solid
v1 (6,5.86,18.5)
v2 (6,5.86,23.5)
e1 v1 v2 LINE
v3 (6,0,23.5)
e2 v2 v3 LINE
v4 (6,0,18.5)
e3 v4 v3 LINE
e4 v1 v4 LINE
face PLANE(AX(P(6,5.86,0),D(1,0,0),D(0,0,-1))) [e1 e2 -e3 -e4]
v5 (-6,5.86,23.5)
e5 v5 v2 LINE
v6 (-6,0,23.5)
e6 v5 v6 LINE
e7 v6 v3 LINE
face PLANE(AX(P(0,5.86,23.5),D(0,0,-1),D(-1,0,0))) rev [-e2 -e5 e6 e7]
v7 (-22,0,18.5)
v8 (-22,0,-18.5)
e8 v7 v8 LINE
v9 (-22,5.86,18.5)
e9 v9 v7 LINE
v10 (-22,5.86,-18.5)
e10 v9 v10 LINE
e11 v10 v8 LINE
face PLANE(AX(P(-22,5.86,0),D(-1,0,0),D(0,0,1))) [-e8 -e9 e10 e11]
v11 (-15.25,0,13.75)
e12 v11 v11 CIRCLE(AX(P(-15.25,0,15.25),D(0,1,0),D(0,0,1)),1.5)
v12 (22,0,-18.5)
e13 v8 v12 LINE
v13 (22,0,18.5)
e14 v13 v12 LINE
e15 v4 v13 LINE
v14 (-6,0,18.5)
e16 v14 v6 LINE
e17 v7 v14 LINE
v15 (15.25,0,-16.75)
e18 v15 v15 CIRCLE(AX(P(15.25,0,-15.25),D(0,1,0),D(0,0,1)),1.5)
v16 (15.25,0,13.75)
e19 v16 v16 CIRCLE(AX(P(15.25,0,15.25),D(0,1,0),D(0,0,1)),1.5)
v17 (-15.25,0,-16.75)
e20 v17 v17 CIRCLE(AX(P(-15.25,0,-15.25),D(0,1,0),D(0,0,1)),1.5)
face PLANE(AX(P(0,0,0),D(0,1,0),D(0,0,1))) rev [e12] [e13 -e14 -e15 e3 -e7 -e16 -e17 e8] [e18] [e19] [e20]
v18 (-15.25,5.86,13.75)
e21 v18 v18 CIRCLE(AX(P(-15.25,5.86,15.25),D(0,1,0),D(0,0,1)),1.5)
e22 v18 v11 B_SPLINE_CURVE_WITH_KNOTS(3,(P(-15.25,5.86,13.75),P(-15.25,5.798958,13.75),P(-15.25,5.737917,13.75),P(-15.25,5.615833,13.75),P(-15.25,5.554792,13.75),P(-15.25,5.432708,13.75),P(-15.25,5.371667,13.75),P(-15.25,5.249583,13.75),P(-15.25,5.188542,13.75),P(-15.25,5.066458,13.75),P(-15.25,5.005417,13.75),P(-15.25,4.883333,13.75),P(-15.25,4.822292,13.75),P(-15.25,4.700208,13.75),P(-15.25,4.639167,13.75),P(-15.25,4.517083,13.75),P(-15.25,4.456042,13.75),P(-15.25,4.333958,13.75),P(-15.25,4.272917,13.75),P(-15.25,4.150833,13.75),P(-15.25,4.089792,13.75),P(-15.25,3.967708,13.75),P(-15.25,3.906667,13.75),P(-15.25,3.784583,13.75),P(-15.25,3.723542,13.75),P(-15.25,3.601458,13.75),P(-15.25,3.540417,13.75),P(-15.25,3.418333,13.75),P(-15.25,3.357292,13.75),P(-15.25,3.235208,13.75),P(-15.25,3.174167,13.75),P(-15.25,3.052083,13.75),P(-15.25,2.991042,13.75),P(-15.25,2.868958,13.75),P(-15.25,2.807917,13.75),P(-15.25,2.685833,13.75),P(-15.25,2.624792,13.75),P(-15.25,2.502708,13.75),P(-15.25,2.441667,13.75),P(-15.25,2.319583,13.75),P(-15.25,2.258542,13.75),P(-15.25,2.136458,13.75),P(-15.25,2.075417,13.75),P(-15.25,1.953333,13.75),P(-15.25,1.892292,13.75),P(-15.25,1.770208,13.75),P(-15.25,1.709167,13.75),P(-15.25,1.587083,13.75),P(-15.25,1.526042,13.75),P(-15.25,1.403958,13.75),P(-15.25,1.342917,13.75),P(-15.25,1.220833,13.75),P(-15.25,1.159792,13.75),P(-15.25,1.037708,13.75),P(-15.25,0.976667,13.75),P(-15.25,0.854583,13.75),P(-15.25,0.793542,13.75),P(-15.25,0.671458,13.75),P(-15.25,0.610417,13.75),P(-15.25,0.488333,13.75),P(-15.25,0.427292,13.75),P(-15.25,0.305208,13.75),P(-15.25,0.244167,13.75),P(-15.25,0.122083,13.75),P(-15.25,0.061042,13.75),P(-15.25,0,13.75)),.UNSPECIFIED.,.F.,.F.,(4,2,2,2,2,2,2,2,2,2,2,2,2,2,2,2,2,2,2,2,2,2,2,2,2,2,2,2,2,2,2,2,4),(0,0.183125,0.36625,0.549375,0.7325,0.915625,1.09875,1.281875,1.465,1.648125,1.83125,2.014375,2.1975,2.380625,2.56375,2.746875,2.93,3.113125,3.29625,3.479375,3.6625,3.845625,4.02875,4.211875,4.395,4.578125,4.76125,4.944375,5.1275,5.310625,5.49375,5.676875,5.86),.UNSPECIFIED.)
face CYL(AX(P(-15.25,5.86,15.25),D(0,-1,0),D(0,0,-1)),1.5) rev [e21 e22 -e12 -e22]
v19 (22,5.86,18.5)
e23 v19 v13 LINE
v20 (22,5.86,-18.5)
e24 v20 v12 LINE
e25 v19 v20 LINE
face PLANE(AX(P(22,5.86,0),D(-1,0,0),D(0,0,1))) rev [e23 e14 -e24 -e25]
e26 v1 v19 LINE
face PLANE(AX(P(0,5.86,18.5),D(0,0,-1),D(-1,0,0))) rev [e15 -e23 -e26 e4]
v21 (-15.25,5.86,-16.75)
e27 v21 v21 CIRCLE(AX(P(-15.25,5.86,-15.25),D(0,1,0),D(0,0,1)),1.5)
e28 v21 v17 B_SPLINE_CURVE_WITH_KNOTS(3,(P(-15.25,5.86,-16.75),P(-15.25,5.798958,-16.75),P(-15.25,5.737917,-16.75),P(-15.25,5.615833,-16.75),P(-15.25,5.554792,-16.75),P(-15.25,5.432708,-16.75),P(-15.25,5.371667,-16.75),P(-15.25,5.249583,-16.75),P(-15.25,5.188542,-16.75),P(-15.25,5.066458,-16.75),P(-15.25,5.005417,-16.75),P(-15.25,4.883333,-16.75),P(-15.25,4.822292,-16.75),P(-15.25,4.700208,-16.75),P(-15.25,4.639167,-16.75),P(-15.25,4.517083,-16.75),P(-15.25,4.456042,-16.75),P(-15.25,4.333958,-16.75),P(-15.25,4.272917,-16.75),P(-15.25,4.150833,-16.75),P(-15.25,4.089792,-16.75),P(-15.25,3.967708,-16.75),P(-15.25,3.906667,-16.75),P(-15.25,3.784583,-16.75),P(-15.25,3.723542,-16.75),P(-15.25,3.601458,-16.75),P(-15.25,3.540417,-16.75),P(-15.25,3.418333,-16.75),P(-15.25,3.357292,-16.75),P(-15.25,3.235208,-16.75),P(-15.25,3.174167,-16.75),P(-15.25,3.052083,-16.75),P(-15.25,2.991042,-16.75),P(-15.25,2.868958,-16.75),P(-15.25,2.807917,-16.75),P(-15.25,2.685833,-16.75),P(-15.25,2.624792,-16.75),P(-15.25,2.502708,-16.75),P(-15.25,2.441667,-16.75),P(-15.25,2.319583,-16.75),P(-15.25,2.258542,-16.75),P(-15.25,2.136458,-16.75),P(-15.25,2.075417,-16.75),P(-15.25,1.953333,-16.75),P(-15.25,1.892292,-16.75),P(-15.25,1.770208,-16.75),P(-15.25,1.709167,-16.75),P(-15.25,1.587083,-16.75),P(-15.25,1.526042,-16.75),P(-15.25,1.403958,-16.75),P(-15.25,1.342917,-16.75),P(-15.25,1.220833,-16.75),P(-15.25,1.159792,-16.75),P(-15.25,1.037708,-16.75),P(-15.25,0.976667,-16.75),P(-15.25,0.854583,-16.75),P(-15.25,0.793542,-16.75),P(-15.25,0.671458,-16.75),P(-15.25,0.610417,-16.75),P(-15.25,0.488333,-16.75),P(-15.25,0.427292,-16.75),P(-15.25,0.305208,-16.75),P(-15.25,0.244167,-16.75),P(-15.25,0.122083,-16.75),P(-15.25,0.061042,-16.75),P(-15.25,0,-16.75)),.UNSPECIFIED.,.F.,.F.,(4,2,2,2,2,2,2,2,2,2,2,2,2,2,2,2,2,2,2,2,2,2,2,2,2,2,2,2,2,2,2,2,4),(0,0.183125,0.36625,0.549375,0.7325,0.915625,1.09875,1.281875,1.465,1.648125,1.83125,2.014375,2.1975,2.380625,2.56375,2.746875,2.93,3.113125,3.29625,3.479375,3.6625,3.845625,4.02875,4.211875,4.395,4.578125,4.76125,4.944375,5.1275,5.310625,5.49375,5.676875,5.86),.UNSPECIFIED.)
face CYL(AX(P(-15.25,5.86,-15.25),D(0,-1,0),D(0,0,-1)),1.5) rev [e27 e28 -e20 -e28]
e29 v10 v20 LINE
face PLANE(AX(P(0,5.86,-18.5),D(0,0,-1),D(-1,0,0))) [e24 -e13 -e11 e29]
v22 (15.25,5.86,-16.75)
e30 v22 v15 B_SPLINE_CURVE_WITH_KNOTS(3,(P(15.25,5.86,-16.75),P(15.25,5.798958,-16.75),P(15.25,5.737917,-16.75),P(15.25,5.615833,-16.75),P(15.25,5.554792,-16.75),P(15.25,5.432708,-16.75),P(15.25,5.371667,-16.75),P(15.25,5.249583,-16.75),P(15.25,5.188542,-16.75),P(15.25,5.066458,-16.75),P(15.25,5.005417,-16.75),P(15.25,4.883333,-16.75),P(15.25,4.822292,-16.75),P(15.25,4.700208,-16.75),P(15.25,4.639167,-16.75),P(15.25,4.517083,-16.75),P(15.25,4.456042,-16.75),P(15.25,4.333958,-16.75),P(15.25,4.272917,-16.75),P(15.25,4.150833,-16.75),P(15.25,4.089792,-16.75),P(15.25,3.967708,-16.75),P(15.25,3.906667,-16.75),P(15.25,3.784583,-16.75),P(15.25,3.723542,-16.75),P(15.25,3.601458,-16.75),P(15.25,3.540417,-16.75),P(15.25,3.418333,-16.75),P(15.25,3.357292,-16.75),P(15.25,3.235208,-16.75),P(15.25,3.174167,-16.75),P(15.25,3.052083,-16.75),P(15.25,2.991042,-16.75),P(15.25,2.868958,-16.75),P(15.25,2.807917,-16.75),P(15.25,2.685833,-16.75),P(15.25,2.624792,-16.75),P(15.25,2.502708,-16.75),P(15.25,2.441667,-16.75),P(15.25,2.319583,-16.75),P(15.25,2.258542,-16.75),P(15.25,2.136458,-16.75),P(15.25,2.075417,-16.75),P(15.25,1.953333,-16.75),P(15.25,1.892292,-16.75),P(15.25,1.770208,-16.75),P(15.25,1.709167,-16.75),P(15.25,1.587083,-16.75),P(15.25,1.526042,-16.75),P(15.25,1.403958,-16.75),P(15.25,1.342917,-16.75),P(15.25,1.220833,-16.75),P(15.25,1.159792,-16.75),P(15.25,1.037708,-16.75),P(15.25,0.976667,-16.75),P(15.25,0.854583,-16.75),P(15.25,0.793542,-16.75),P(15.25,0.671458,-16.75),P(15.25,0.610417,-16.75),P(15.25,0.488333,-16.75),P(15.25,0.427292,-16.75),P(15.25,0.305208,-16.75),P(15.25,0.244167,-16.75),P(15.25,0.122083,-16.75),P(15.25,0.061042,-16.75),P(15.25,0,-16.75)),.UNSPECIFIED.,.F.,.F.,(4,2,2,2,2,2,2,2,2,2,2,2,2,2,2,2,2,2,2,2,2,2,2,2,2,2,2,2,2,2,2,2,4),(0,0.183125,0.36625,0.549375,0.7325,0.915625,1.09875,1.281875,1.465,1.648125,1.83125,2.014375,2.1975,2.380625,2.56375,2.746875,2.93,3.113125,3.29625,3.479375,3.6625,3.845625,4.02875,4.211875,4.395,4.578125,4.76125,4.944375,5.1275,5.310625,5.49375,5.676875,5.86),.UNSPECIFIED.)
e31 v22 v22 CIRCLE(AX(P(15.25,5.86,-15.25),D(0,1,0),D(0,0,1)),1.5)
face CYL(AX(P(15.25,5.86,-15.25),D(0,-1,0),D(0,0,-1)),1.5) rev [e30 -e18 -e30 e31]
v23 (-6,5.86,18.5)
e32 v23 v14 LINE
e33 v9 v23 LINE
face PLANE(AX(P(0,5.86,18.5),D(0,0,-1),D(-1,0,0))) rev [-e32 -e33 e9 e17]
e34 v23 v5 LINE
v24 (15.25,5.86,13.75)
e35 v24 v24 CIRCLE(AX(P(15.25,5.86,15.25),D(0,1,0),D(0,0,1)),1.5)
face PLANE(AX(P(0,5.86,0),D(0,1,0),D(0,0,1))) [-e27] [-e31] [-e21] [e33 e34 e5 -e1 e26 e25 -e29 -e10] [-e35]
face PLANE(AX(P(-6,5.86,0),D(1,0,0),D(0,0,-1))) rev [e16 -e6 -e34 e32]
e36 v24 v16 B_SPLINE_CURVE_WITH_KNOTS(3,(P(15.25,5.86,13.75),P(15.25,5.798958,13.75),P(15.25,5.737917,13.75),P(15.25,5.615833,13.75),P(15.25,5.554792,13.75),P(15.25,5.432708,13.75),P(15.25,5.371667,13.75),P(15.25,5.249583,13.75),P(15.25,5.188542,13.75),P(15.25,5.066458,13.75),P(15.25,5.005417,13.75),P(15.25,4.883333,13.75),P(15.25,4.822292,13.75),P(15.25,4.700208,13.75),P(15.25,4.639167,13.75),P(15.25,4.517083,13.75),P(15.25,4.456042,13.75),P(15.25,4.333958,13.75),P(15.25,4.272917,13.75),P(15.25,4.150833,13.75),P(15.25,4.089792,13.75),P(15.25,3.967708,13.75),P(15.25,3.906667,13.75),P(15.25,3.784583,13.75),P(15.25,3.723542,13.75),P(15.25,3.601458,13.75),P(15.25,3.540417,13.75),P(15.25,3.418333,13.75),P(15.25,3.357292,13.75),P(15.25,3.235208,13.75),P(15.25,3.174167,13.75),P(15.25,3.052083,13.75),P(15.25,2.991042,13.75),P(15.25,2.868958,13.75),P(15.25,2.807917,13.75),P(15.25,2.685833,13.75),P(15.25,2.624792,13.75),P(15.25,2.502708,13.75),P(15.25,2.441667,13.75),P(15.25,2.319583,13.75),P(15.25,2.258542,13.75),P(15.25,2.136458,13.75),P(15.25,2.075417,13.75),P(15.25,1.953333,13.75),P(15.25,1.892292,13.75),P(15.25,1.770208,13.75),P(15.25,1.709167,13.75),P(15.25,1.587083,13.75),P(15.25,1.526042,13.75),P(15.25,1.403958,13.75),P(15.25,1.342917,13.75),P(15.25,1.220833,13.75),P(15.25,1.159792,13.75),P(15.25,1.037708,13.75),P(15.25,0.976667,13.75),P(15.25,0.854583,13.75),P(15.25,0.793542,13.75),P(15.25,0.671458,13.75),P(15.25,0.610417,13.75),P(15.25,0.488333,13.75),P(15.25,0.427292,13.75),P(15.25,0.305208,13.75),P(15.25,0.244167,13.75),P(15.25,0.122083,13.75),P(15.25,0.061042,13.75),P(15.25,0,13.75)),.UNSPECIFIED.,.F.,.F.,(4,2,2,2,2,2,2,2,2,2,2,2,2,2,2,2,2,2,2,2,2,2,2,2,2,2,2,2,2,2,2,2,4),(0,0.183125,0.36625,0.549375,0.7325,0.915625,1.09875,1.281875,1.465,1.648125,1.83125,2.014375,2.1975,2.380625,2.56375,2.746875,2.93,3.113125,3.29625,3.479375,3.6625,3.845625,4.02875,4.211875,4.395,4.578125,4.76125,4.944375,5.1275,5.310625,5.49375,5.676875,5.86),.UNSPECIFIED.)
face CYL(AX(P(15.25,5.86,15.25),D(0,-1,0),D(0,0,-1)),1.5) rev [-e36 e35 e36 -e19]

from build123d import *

# Parameters (mm, degrees)
SKETCH_1_W      = 44
SKETCH_1_H      = 37
SKETCH_1_R      = 1.5
SKETCH_1_W_2    = 12
SKETCH_1_H_2    = 5
EXTRUDE_1_DEPTH = 5.86


with BuildPart() as part:
    # 草图1 → 凸台-拉伸1 (new body)
    # profile 1 of 2: a face of its own
    with BuildSketch(Plane(origin=(0, 0, 0), x_dir=(1, 0, 0), z_dir=(0, 1, 0))):
        Rectangle(SKETCH_1_W, SKETCH_1_H)
        with Locations(Location((-15.25, -15.25, 0), (0, 0, 90))):
            Circle(SKETCH_1_R, mode=Mode.SUBTRACT)
        with Locations(Location((15.25, -15.25, 0), (0, 0, 90))):
            Circle(SKETCH_1_R, mode=Mode.SUBTRACT)
        with Locations(Location((15.25, 15.25, 0), (0, 0, 90))):
            Circle(SKETCH_1_R, mode=Mode.SUBTRACT)
        with Locations(Location((-15.25, 15.25, 0), (0, 0, 90))):
            Circle(SKETCH_1_R, mode=Mode.SUBTRACT)
    # profile 2 of 2: a face of its own
    with BuildSketch(Plane(origin=(0, 0, 0), x_dir=(1, 0, 0), z_dir=(0, 1, 0))):
        with Locations((0, -21)):
            Rectangle(SKETCH_1_W_2, SKETCH_1_H_2)
    extrude(amount=EXTRUDE_1_DEPTH)


solid = part.part
